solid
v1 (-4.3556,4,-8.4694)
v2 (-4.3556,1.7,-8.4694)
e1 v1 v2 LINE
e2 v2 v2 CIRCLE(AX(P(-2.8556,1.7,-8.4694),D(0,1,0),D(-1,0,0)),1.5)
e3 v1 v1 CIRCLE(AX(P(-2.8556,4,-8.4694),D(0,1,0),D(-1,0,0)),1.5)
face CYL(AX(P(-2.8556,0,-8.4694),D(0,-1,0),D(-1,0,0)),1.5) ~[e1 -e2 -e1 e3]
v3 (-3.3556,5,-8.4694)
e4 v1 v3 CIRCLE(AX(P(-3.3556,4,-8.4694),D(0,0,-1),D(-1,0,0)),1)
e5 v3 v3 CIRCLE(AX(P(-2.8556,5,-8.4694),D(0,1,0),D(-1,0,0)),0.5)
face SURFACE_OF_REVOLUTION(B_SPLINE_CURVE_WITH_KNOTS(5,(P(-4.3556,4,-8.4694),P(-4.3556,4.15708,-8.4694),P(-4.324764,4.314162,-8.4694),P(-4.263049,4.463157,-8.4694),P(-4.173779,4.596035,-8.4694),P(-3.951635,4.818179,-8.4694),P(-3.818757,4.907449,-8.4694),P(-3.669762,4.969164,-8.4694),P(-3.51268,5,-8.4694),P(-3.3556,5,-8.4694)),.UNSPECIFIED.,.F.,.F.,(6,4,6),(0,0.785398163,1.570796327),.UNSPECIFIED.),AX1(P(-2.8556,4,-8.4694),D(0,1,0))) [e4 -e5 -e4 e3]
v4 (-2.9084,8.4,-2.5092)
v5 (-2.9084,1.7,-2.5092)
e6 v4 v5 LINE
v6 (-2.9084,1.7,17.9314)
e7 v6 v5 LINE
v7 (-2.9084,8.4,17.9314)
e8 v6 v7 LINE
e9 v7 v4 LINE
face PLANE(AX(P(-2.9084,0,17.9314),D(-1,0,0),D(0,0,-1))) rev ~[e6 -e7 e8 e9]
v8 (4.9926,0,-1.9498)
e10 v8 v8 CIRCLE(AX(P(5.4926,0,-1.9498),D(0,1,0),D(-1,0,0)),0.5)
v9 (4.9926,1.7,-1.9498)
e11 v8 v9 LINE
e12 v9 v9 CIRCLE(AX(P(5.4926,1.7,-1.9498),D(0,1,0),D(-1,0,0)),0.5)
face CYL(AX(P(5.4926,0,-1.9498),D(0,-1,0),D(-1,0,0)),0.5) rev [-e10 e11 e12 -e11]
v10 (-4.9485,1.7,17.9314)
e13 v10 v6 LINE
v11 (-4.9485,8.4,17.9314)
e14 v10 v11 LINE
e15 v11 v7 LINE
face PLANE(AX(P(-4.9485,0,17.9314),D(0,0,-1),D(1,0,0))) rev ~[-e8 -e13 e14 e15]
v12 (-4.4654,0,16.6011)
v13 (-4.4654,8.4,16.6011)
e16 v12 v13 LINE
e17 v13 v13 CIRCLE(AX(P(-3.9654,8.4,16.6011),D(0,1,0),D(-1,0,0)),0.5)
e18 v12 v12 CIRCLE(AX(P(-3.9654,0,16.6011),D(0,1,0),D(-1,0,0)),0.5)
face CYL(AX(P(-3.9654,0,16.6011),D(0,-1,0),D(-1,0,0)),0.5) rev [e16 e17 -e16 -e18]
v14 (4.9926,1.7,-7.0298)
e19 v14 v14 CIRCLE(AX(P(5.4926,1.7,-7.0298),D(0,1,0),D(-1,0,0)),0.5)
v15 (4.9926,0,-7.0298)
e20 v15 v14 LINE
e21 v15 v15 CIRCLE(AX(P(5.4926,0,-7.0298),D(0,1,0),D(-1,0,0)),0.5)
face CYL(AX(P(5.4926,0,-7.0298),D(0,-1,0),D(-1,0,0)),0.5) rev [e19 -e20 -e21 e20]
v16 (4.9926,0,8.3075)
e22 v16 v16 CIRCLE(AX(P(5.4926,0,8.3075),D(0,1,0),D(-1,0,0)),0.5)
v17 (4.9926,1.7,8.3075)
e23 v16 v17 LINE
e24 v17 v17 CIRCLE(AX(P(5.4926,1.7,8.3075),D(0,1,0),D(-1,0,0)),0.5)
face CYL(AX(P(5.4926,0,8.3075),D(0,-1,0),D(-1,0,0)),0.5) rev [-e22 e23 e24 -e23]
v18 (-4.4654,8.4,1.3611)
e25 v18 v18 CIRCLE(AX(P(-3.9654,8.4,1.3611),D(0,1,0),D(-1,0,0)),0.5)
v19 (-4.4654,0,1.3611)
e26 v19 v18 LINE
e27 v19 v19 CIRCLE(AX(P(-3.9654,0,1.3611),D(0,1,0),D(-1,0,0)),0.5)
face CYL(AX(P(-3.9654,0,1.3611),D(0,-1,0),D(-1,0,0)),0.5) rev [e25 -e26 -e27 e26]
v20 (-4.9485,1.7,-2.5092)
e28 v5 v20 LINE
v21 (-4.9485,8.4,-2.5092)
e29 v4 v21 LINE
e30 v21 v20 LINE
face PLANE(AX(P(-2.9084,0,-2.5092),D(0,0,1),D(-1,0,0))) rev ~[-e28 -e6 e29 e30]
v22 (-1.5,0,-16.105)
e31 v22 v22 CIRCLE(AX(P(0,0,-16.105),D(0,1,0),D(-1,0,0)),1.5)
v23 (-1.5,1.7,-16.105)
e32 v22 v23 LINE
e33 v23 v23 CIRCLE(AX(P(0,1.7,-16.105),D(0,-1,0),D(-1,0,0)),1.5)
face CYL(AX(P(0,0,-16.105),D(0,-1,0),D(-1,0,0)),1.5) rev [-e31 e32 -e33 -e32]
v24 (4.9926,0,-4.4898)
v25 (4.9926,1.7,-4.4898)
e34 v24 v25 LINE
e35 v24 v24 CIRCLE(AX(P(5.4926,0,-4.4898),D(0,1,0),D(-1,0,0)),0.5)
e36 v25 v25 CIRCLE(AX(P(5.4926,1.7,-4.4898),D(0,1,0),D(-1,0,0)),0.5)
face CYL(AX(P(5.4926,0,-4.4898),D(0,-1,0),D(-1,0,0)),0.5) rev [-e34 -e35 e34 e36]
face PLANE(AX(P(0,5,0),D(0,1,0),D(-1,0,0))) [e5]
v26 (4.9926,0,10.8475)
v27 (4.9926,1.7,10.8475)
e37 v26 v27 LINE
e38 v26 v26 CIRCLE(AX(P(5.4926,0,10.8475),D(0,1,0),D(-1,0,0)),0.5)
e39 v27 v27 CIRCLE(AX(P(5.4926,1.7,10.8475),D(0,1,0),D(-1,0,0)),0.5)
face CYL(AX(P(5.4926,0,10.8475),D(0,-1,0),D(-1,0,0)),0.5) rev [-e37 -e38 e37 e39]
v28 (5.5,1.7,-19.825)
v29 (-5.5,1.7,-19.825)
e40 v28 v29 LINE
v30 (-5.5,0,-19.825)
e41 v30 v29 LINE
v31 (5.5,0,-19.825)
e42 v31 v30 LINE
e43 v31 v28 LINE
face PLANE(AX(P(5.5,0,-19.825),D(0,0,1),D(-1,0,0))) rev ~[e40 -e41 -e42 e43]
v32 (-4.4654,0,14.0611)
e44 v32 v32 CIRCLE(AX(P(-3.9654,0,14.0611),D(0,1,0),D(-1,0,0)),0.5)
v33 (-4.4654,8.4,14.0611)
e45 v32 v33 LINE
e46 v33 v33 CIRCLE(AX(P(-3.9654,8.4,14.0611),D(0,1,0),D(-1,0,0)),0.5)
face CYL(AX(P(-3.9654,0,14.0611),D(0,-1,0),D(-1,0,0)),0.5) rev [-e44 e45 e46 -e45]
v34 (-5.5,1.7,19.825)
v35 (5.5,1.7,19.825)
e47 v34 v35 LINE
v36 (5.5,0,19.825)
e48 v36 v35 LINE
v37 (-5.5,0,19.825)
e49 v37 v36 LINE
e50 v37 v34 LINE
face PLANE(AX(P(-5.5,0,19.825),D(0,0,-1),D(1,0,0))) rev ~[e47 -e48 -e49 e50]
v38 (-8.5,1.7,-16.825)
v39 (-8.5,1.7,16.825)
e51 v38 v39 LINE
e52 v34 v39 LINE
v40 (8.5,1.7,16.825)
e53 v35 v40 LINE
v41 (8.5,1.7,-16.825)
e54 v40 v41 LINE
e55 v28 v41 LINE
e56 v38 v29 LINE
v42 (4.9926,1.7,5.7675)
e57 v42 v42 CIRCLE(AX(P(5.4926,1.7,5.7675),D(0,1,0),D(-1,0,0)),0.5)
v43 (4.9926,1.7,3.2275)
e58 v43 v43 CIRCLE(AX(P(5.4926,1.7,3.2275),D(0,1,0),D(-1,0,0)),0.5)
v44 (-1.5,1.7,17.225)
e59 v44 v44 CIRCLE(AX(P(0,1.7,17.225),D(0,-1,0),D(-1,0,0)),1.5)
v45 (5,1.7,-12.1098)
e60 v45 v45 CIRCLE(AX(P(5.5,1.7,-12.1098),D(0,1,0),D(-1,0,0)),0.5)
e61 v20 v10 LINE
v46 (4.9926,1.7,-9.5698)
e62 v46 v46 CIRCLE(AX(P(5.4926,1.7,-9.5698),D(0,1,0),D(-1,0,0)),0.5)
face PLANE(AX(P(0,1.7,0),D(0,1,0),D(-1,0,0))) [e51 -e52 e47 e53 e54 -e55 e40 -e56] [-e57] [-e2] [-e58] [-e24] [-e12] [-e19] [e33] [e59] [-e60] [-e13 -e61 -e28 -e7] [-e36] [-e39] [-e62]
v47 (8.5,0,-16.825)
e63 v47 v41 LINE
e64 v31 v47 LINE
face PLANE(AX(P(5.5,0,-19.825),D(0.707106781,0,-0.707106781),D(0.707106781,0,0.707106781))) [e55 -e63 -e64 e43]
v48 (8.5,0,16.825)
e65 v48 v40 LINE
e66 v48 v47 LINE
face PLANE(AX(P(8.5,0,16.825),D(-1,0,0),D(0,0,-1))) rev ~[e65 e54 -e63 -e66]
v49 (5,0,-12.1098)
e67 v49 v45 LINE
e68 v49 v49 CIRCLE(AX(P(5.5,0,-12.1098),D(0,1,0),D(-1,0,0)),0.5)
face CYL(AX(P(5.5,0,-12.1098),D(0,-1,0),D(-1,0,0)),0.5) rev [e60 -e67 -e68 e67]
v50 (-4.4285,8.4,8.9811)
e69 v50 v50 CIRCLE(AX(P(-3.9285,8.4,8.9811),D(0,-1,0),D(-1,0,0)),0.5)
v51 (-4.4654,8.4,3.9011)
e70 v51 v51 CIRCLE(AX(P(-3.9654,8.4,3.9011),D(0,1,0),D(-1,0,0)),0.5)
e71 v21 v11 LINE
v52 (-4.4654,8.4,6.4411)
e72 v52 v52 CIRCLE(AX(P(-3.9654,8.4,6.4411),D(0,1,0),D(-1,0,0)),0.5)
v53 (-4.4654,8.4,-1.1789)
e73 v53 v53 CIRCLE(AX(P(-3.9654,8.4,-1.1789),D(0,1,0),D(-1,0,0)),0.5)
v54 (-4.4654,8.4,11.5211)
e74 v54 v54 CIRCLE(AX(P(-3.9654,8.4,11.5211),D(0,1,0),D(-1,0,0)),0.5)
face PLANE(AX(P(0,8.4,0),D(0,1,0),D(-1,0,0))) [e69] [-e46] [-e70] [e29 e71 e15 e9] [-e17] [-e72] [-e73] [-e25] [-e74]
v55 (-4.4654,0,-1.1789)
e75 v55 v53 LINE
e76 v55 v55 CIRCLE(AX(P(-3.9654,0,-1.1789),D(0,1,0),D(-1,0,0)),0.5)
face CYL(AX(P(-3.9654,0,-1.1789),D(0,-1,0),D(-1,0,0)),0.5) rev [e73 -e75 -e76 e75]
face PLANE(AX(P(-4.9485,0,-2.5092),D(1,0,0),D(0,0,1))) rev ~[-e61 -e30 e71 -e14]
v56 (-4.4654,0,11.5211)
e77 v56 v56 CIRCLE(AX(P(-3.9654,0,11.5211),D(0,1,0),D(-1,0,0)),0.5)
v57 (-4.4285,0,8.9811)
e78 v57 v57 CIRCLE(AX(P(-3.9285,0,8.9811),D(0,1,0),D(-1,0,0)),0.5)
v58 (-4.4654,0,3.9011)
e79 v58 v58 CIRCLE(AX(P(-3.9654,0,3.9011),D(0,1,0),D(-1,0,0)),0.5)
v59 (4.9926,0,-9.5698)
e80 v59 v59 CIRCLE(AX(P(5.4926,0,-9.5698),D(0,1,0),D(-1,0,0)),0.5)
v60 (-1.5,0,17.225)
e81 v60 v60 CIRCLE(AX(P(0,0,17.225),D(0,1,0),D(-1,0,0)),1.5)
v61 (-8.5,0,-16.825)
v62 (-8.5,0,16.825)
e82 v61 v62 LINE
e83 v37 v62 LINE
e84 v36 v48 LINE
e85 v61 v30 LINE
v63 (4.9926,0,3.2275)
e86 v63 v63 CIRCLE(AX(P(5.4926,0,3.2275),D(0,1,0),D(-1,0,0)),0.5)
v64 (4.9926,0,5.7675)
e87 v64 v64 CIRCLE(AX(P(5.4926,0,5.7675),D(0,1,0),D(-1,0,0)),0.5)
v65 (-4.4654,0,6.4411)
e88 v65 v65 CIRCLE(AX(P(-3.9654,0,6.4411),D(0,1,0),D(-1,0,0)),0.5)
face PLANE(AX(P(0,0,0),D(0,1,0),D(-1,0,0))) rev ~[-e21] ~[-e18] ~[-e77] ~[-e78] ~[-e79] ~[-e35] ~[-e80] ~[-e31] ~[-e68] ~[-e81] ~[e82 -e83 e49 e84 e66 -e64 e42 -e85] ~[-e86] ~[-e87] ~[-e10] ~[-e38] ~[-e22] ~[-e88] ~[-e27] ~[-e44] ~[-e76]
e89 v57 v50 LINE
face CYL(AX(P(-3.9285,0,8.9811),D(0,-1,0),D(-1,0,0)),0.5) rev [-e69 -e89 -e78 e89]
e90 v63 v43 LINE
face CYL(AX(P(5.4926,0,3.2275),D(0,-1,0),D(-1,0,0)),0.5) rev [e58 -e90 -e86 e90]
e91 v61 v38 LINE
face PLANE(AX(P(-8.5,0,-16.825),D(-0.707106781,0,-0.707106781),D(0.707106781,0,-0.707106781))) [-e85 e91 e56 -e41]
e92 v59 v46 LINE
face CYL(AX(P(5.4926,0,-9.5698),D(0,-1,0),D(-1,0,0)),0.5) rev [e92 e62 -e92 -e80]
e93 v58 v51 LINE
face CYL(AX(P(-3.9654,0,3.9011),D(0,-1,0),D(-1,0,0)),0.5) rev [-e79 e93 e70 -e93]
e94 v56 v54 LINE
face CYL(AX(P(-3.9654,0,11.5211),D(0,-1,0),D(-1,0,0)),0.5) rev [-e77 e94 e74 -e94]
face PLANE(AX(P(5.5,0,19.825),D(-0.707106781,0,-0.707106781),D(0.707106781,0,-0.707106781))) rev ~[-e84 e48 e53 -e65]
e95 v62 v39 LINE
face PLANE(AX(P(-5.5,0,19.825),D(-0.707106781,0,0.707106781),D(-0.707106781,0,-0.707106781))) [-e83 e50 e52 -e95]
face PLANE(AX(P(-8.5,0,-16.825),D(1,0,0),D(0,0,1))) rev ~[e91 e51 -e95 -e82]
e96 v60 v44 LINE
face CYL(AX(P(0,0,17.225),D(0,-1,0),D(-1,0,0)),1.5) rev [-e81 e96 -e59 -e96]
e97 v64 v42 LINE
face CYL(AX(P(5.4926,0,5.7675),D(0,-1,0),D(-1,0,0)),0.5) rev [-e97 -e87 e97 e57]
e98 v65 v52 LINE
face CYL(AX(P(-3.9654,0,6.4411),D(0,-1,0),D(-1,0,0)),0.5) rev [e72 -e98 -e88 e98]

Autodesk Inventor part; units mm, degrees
ref_plane "YZ Plane" through (0, 0, 0) normal (1, 0, 0) x (0, 1, 0)
ref_plane "XZ Plane" through (0, 0, 0) normal (0, 1, 0) x (-1, 0, 0)
ref_plane "XY Plane" through (0, 0, 0) normal (0, 0, 1) x (1, 0, 0)
sketch "Sketch1" plane through (0, 0, 0) normal (0, 1, 0) x (-1, 0, 0)
  line L0 (5.5, 19.825) -> (-5.5, 19.825)
  line L1 (-8.5, 16.825) -> (-8.5, -16.825)
  line L2 (-5.5, -19.825) -> (5.5, -19.825)
  line L3 (8.5, -16.825) -> (8.5, 16.825)
  line L4 (8.5, 19.825) -> (-8.5, -19.825) construction
  line L5 (-8.5, 19.825) -> (8.5, -19.825) construction
  line L6 (-5.5, 19.825) -> (-8.5, 16.825)
  line L7 (5.5, 19.825) -> (8.5, 16.825)
  line L8 (8.5, -16.825) -> (5.5, -19.825)
  line L9 (-5.5, -19.825) -> (-8.5, -16.825)
  circle A0 centre (3.9654, 16.6011) radius 0.5
  circle A1 centre (3.9654, 14.0611) radius 0.5
  circle A2 centre (3.9654, 11.5211) radius 0.5
  circle A3 centre (3.9654, 6.4411) radius 0.5
  circle A4 centre (3.9654, 3.9011) radius 0.5
  circle A5 centre (3.9654, 1.3611) radius 0.5
  circle A6 centre (3.9654, -1.1789) radius 0.5
  line L10 (4.9485, 17.9314) -> (2.9084, 17.9314)
  line L11 (2.9084, 17.9314) -> (2.9084, -2.5092)
  line L12 (2.9084, -2.5092) -> (4.9485, -2.5092)
  line L13 (4.9485, -2.5092) -> (4.9485, 17.9314)
  circle A7 centre (2.8556, -8.4694) radius 1.5
  circle A8 centre (-5.4926, 10.8475) radius 0.5
  circle A9 centre (-5.4926, 8.3075) radius 0.5
  circle A10 centre (-5.4926, 5.7675) radius 0.5
  circle A11 centre (-5.4926, 3.2275) radius 0.5
  circle A12 centre (-5.4926, -1.9498) radius 0.5
  circle A13 centre (-5.4926, -4.4898) radius 0.5
  circle A14 centre (-5.4926, -7.0298) radius 0.5
  circle A15 centre (-5.4926, -9.5698) radius 0.5
  circle A16 centre (-5.5, -12.1098) radius 0.5
  circle A17 centre (0, -16.105) radius 1.5
  circle A18 centre (0, 17.225) radius 1.5
  circle A19 centre (3.9285, 8.9811) radius 0.5
  point P0 (0, 0)
  dimension "d0" = 17
  dimension "d1" = 39.65
  dimension "d2" = 3
  dimension "d3" = 3
  dimension "d4" = 3
  dimension "d5" = 3
  dimension "d6" = 3
  dimension "d7" = 3
  dimension "d8" = 3
  dimension "d9" = 3
  dimension "d10" = 1
  dimension "d11" = 1
  dimension "d12" = 1
  dimension "d13" = 1
  dimension "d14" = 1
  dimension "d15" = 1
  dimension "d16" = 1
  dimension "d17" = 2.54
  dimension "d18" = 2.54
  dimension "d19" = 2.54
  dimension "d20" = 2.54
  dimension "d21" = 2.54
  dimension "d23" = 3
  dimension "d24" = 1
  dimension "d25" = 1
  dimension "d26" = 1
  dimension "d27" = 1
  dimension "d28" = 2.54
  dimension "d29" = 2.54
  dimension "d30" = 2.54
  dimension "d31" = 1
  dimension "d32" = 1
  dimension "d33" = 1
  dimension "d34" = 1
  dimension "d35" = 2.54
  dimension "d36" = 2.54
  dimension "d37" = 2.54
  dimension "d39" = 2.54
  dimension "d51" = 3
  dimension "d52" = 3
  dimension "d53" = 2.6
  dimension "d54" = 3.72
  dimension "d59" = 33.33
  dimension "d60" = 1
  dimension "d61" = 2.54
  dimension "d62" = 2.54
  dimension "d63" = 1.3303
  dimension "d64" = 1.3303
extrude "Extrusion2" add sketch "Sketch1" along normal blind 8.4 contours L13 L12 L11 L10 | A19
extrude "Extrusion3" add sketch "Sketch1" along normal blind 5 contours A7
extrude "Extrusion4" cut sketch "Sketch1" along normal blind 1.7 contours L7 L3 L8 L2 L9 L1 L6 L0 | A17 | A18
extrude "Extrusion5" add sketch "Sketch1" along normal blind 1.7 contours L7 L3 L8 L2 L9 L1 L6 L0 | A17 | A18
fillet "Fillet1" radius 1 1 edges at (-1.3556, 5, -8.4694)
sketch "Sketch2" plane through (0, 1.7, 0) normal (0, 1, 0) x (1, 0, 0)
  line L0 (-0.041, -10.2921) -> (-0.041, 12.3756) construction
  line L1 (-0.041, 12.3756) -> (3.5412, 12.3756) construction
  line L2 (3.5412, 12.3756) -> (3.5412, -10.2921) construction
  line L3 (3.5412, -10.2921) -> (-0.041, -10.2921) construction
  point P0 (0, 0)
extrude "Extrusion6" cut sketch "Sketch1" against normal blind 10 contours A17 | A18
extrude "Extrusion7" cut sketch "Sketch1" along normal through all contours A17 | A18
extrude "Extrusion8" cut sketch "Sketch1" along normal up to next contours A19
equation "\"d3\" = d2"
equation "\"d4\" = d2"
equation "\"d5\" = d4"
equation "\"d6\" = d2"
equation "\"d7\" = d6"
equation "\"d8\" = d2"
equation "\"d9\" = d8"
properties part number "Driver TPA"
